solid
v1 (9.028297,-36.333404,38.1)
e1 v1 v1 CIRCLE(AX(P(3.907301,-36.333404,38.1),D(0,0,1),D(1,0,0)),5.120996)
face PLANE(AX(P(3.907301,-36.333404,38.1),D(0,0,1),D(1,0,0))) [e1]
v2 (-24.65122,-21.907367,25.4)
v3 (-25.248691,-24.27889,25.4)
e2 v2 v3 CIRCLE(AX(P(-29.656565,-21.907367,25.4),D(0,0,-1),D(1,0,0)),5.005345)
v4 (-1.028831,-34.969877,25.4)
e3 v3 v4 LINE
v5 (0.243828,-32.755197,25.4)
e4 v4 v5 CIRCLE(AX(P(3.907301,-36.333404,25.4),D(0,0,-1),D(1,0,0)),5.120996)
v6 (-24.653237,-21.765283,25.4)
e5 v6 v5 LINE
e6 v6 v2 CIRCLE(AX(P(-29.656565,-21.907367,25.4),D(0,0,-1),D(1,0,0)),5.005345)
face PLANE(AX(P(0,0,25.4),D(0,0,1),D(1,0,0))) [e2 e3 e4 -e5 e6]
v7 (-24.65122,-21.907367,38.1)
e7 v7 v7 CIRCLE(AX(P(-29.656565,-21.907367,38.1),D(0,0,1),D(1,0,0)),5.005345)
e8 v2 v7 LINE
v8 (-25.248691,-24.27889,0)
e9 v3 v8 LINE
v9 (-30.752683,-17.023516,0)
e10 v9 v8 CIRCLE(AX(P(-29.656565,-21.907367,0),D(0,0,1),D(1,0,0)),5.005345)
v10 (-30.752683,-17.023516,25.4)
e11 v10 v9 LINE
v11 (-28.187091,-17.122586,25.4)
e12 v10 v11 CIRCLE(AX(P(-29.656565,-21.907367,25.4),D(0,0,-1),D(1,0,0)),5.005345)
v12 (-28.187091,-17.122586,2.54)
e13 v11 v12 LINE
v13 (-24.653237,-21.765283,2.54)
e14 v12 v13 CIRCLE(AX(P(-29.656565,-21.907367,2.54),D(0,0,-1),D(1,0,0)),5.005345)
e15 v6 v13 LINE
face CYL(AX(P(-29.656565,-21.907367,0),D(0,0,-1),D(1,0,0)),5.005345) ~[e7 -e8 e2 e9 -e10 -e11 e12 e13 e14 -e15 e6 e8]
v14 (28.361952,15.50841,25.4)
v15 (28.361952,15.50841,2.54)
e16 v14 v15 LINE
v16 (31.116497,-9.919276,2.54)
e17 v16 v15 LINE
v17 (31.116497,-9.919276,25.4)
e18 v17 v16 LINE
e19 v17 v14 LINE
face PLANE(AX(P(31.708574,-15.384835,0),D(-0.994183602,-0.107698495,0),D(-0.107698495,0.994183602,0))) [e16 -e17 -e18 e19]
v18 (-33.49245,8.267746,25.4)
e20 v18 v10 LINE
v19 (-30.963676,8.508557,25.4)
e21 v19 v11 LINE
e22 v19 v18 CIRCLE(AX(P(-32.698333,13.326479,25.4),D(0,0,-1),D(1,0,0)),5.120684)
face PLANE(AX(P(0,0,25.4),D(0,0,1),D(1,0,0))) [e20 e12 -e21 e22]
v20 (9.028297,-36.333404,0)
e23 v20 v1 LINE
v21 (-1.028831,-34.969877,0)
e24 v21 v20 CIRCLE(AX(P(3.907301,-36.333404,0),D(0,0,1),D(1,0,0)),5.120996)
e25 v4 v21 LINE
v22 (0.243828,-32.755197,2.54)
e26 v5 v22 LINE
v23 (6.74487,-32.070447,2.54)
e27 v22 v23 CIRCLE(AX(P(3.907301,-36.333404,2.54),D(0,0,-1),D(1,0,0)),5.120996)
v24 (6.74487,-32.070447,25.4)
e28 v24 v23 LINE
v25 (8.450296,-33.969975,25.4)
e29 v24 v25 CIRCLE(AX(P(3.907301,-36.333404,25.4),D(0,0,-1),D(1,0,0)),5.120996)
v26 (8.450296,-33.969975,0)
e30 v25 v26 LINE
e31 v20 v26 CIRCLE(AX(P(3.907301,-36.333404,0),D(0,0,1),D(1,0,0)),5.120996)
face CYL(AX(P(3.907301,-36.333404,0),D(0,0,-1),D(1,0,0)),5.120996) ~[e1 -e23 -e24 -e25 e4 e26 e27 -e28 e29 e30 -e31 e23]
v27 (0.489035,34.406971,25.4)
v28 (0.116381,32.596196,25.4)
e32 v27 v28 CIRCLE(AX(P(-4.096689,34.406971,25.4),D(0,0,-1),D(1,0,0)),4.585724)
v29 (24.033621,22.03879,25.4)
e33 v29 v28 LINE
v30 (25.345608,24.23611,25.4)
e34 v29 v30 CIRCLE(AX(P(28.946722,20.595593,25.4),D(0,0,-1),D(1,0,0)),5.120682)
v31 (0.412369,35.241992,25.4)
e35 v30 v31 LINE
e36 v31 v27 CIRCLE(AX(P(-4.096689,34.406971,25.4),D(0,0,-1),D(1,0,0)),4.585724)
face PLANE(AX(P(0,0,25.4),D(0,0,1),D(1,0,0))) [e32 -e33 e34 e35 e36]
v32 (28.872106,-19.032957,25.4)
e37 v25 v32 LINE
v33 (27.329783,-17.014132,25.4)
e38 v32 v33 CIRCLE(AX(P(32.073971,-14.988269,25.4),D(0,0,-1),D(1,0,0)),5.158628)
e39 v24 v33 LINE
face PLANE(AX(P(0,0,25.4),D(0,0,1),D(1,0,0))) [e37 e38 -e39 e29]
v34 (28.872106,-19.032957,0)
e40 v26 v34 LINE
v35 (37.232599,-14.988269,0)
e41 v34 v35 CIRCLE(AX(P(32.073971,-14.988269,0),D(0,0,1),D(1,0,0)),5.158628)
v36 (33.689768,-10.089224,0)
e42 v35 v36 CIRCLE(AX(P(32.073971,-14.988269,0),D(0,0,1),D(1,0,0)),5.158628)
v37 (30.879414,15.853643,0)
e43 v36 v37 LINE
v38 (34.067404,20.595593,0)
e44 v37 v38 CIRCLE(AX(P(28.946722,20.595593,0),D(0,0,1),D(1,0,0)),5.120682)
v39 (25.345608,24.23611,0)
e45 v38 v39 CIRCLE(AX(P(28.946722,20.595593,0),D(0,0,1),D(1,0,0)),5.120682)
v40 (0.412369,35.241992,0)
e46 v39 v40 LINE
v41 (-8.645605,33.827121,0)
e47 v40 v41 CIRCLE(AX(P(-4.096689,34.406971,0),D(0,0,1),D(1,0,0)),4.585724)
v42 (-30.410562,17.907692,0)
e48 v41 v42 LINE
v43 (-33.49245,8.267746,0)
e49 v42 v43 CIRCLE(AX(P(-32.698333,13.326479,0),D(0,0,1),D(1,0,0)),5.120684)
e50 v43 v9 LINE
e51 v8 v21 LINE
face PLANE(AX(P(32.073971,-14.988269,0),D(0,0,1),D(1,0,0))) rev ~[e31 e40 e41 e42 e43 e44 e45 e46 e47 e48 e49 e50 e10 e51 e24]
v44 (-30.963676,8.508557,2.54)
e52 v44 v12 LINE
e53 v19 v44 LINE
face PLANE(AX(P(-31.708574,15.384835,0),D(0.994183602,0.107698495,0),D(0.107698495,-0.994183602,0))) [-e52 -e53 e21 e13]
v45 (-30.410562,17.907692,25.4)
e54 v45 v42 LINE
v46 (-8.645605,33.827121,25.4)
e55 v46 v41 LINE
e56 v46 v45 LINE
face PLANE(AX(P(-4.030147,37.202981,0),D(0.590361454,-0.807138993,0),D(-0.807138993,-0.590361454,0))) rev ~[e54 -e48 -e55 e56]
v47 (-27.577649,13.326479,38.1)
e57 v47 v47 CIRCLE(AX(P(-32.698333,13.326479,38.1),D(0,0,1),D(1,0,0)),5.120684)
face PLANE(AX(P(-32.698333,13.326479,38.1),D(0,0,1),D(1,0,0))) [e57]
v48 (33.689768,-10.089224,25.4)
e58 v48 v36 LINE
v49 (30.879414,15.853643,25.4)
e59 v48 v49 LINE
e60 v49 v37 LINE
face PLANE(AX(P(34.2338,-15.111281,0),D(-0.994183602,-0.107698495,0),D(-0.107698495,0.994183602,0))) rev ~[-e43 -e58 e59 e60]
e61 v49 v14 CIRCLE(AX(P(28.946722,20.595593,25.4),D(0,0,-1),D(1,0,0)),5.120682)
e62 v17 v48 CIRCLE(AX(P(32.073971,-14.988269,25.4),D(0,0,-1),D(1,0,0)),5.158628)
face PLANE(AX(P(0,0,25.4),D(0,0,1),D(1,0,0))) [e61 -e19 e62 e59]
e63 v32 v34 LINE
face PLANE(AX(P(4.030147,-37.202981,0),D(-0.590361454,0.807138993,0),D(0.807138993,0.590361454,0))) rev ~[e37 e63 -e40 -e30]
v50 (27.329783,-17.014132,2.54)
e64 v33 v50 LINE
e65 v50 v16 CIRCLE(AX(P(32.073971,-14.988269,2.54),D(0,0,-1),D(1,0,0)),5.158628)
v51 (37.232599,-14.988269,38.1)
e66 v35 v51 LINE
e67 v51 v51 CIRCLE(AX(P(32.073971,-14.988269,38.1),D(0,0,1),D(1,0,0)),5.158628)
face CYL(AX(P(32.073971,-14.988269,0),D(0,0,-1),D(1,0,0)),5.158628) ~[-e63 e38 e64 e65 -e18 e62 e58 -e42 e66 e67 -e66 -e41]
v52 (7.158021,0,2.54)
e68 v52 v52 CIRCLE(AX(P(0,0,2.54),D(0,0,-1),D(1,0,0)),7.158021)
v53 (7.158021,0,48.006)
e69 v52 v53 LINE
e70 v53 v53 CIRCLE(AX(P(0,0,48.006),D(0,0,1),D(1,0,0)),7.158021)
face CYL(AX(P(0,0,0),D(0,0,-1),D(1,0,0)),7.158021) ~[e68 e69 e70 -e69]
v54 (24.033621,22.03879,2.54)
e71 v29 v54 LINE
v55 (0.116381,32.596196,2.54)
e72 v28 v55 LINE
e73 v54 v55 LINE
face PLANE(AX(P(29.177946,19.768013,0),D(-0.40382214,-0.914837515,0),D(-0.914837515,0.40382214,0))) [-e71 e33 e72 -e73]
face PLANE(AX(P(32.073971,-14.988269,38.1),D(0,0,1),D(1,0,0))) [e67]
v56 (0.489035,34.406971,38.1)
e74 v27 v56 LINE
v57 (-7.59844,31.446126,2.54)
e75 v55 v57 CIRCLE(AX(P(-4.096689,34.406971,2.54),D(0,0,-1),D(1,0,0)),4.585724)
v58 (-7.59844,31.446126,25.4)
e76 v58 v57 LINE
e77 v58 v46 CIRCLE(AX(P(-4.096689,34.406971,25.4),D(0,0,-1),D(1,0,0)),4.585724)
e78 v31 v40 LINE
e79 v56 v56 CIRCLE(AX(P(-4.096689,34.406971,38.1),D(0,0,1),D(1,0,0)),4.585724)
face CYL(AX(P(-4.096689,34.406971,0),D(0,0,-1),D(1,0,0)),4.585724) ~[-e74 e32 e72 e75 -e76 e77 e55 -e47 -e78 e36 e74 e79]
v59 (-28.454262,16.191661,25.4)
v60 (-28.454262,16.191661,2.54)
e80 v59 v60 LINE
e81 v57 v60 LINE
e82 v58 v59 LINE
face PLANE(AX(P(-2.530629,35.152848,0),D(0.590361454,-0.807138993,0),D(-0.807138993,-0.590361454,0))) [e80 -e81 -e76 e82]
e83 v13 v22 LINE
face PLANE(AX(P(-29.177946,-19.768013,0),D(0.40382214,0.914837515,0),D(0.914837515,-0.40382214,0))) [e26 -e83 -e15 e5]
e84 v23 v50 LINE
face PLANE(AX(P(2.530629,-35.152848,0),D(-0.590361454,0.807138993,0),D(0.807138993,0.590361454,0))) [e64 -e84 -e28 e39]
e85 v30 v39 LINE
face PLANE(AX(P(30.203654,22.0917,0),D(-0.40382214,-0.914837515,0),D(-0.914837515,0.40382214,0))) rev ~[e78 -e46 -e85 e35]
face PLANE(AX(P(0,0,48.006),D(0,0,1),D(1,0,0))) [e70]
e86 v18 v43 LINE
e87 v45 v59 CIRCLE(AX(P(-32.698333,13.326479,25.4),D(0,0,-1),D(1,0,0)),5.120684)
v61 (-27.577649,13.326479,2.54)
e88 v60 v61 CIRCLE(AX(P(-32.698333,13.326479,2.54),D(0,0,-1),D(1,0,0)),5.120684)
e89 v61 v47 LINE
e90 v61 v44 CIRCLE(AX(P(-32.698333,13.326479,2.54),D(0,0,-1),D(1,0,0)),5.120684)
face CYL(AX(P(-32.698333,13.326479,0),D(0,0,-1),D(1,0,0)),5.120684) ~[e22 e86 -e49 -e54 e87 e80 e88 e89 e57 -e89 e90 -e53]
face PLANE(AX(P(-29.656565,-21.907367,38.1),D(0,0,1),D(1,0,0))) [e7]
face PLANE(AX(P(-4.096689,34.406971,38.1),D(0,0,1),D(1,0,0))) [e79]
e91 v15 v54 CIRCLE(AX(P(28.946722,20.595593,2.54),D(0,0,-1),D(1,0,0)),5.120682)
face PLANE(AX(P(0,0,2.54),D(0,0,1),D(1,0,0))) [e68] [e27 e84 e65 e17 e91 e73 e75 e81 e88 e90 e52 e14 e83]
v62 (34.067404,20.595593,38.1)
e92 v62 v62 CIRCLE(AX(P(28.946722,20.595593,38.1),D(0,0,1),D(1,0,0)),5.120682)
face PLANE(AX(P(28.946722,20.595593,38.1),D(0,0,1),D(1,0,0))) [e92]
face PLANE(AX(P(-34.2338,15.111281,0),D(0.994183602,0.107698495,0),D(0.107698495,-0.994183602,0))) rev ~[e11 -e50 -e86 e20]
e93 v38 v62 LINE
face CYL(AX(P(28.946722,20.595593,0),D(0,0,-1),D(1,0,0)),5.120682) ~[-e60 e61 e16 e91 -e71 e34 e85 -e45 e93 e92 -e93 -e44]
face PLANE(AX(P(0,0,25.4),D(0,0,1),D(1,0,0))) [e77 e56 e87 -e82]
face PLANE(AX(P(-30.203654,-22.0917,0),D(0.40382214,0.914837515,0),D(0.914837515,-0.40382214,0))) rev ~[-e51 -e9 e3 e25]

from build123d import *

# Parameters (mm, degrees)
F1_DEPTH  = 25.4
F2_T      = -2.54
F3_R      = 7.158021
F4_DEPTH  = 48.006
F5_R      = 5.120682
F11_DEPTH = 38.1
F10_R     = 5.120996
F12_DEPTH = 38.1
F9_R      = 5.158628
F13_DEPTH = 38.1
F7_R      = 5.120684
F14_DEPTH = 38.1
F6_R      = 5.005345
F15_DEPTH = 38.1
F8_R      = 4.585724
F16_DEPTH = 38.1


with BuildPart() as f1:
    # F0 (on Top) → F1 (new body)
    with BuildSketch(Plane.XY):
        Polygon((4.030147, -37.202981), (34.2338, -15.111281), (30.203654, 22.0917), (-4.030147, 37.202981), (-34.2338, 15.111281), (-30.203654, -22.0917), align=None)
    extrude(amount=F1_DEPTH)

    # F2
    f2_openings = [f1.faces().sort_by_distance(p)[0] for p in [
        (0, 0, 25.4),
    ]]
    offset(amount=F2_T, openings=f2_openings)

    # F3 (on Top) → F4 (join)
    with BuildSketch(Plane.XY):
        Circle(F3_R)
    extrude(amount=F4_DEPTH)

    # F5 (on Top) → F11 (join)
    with BuildSketch(Plane.XY):
        with Locations((28.946722, 20.595593)):
            Circle(F5_R)
    extrude(amount=F11_DEPTH)

    # F10 (on Top) → F12 (join)
    with BuildSketch(Plane.XY):
        with Locations((3.907301, -36.333404)):
            Circle(F10_R)
    extrude(amount=F12_DEPTH)

    # F9 (on Top) → F13 (join)
    with BuildSketch(Plane.XY):
        with Locations((32.073971, -14.988269)):
            Circle(F9_R)
    extrude(amount=F13_DEPTH)

    # F7 (on Top) → F14 (join)
    with BuildSketch(Plane.XY):
        with Locations((-32.698333, 13.326479)):
            Circle(F7_R)
    extrude(amount=F14_DEPTH)

    # F6 (on Top) → F15 (join)
    with BuildSketch(Plane.XY):
        with Locations((-29.656565, -21.907367)):
            Circle(F6_R)
    extrude(amount=F15_DEPTH)

    # F8 (on Top) → F16 (join)
    with BuildSketch(Plane.XY):
        with Locations((-4.096689, 34.406971)):
            Circle(F8_R)
    extrude(amount=F16_DEPTH)


solid = f1.part
